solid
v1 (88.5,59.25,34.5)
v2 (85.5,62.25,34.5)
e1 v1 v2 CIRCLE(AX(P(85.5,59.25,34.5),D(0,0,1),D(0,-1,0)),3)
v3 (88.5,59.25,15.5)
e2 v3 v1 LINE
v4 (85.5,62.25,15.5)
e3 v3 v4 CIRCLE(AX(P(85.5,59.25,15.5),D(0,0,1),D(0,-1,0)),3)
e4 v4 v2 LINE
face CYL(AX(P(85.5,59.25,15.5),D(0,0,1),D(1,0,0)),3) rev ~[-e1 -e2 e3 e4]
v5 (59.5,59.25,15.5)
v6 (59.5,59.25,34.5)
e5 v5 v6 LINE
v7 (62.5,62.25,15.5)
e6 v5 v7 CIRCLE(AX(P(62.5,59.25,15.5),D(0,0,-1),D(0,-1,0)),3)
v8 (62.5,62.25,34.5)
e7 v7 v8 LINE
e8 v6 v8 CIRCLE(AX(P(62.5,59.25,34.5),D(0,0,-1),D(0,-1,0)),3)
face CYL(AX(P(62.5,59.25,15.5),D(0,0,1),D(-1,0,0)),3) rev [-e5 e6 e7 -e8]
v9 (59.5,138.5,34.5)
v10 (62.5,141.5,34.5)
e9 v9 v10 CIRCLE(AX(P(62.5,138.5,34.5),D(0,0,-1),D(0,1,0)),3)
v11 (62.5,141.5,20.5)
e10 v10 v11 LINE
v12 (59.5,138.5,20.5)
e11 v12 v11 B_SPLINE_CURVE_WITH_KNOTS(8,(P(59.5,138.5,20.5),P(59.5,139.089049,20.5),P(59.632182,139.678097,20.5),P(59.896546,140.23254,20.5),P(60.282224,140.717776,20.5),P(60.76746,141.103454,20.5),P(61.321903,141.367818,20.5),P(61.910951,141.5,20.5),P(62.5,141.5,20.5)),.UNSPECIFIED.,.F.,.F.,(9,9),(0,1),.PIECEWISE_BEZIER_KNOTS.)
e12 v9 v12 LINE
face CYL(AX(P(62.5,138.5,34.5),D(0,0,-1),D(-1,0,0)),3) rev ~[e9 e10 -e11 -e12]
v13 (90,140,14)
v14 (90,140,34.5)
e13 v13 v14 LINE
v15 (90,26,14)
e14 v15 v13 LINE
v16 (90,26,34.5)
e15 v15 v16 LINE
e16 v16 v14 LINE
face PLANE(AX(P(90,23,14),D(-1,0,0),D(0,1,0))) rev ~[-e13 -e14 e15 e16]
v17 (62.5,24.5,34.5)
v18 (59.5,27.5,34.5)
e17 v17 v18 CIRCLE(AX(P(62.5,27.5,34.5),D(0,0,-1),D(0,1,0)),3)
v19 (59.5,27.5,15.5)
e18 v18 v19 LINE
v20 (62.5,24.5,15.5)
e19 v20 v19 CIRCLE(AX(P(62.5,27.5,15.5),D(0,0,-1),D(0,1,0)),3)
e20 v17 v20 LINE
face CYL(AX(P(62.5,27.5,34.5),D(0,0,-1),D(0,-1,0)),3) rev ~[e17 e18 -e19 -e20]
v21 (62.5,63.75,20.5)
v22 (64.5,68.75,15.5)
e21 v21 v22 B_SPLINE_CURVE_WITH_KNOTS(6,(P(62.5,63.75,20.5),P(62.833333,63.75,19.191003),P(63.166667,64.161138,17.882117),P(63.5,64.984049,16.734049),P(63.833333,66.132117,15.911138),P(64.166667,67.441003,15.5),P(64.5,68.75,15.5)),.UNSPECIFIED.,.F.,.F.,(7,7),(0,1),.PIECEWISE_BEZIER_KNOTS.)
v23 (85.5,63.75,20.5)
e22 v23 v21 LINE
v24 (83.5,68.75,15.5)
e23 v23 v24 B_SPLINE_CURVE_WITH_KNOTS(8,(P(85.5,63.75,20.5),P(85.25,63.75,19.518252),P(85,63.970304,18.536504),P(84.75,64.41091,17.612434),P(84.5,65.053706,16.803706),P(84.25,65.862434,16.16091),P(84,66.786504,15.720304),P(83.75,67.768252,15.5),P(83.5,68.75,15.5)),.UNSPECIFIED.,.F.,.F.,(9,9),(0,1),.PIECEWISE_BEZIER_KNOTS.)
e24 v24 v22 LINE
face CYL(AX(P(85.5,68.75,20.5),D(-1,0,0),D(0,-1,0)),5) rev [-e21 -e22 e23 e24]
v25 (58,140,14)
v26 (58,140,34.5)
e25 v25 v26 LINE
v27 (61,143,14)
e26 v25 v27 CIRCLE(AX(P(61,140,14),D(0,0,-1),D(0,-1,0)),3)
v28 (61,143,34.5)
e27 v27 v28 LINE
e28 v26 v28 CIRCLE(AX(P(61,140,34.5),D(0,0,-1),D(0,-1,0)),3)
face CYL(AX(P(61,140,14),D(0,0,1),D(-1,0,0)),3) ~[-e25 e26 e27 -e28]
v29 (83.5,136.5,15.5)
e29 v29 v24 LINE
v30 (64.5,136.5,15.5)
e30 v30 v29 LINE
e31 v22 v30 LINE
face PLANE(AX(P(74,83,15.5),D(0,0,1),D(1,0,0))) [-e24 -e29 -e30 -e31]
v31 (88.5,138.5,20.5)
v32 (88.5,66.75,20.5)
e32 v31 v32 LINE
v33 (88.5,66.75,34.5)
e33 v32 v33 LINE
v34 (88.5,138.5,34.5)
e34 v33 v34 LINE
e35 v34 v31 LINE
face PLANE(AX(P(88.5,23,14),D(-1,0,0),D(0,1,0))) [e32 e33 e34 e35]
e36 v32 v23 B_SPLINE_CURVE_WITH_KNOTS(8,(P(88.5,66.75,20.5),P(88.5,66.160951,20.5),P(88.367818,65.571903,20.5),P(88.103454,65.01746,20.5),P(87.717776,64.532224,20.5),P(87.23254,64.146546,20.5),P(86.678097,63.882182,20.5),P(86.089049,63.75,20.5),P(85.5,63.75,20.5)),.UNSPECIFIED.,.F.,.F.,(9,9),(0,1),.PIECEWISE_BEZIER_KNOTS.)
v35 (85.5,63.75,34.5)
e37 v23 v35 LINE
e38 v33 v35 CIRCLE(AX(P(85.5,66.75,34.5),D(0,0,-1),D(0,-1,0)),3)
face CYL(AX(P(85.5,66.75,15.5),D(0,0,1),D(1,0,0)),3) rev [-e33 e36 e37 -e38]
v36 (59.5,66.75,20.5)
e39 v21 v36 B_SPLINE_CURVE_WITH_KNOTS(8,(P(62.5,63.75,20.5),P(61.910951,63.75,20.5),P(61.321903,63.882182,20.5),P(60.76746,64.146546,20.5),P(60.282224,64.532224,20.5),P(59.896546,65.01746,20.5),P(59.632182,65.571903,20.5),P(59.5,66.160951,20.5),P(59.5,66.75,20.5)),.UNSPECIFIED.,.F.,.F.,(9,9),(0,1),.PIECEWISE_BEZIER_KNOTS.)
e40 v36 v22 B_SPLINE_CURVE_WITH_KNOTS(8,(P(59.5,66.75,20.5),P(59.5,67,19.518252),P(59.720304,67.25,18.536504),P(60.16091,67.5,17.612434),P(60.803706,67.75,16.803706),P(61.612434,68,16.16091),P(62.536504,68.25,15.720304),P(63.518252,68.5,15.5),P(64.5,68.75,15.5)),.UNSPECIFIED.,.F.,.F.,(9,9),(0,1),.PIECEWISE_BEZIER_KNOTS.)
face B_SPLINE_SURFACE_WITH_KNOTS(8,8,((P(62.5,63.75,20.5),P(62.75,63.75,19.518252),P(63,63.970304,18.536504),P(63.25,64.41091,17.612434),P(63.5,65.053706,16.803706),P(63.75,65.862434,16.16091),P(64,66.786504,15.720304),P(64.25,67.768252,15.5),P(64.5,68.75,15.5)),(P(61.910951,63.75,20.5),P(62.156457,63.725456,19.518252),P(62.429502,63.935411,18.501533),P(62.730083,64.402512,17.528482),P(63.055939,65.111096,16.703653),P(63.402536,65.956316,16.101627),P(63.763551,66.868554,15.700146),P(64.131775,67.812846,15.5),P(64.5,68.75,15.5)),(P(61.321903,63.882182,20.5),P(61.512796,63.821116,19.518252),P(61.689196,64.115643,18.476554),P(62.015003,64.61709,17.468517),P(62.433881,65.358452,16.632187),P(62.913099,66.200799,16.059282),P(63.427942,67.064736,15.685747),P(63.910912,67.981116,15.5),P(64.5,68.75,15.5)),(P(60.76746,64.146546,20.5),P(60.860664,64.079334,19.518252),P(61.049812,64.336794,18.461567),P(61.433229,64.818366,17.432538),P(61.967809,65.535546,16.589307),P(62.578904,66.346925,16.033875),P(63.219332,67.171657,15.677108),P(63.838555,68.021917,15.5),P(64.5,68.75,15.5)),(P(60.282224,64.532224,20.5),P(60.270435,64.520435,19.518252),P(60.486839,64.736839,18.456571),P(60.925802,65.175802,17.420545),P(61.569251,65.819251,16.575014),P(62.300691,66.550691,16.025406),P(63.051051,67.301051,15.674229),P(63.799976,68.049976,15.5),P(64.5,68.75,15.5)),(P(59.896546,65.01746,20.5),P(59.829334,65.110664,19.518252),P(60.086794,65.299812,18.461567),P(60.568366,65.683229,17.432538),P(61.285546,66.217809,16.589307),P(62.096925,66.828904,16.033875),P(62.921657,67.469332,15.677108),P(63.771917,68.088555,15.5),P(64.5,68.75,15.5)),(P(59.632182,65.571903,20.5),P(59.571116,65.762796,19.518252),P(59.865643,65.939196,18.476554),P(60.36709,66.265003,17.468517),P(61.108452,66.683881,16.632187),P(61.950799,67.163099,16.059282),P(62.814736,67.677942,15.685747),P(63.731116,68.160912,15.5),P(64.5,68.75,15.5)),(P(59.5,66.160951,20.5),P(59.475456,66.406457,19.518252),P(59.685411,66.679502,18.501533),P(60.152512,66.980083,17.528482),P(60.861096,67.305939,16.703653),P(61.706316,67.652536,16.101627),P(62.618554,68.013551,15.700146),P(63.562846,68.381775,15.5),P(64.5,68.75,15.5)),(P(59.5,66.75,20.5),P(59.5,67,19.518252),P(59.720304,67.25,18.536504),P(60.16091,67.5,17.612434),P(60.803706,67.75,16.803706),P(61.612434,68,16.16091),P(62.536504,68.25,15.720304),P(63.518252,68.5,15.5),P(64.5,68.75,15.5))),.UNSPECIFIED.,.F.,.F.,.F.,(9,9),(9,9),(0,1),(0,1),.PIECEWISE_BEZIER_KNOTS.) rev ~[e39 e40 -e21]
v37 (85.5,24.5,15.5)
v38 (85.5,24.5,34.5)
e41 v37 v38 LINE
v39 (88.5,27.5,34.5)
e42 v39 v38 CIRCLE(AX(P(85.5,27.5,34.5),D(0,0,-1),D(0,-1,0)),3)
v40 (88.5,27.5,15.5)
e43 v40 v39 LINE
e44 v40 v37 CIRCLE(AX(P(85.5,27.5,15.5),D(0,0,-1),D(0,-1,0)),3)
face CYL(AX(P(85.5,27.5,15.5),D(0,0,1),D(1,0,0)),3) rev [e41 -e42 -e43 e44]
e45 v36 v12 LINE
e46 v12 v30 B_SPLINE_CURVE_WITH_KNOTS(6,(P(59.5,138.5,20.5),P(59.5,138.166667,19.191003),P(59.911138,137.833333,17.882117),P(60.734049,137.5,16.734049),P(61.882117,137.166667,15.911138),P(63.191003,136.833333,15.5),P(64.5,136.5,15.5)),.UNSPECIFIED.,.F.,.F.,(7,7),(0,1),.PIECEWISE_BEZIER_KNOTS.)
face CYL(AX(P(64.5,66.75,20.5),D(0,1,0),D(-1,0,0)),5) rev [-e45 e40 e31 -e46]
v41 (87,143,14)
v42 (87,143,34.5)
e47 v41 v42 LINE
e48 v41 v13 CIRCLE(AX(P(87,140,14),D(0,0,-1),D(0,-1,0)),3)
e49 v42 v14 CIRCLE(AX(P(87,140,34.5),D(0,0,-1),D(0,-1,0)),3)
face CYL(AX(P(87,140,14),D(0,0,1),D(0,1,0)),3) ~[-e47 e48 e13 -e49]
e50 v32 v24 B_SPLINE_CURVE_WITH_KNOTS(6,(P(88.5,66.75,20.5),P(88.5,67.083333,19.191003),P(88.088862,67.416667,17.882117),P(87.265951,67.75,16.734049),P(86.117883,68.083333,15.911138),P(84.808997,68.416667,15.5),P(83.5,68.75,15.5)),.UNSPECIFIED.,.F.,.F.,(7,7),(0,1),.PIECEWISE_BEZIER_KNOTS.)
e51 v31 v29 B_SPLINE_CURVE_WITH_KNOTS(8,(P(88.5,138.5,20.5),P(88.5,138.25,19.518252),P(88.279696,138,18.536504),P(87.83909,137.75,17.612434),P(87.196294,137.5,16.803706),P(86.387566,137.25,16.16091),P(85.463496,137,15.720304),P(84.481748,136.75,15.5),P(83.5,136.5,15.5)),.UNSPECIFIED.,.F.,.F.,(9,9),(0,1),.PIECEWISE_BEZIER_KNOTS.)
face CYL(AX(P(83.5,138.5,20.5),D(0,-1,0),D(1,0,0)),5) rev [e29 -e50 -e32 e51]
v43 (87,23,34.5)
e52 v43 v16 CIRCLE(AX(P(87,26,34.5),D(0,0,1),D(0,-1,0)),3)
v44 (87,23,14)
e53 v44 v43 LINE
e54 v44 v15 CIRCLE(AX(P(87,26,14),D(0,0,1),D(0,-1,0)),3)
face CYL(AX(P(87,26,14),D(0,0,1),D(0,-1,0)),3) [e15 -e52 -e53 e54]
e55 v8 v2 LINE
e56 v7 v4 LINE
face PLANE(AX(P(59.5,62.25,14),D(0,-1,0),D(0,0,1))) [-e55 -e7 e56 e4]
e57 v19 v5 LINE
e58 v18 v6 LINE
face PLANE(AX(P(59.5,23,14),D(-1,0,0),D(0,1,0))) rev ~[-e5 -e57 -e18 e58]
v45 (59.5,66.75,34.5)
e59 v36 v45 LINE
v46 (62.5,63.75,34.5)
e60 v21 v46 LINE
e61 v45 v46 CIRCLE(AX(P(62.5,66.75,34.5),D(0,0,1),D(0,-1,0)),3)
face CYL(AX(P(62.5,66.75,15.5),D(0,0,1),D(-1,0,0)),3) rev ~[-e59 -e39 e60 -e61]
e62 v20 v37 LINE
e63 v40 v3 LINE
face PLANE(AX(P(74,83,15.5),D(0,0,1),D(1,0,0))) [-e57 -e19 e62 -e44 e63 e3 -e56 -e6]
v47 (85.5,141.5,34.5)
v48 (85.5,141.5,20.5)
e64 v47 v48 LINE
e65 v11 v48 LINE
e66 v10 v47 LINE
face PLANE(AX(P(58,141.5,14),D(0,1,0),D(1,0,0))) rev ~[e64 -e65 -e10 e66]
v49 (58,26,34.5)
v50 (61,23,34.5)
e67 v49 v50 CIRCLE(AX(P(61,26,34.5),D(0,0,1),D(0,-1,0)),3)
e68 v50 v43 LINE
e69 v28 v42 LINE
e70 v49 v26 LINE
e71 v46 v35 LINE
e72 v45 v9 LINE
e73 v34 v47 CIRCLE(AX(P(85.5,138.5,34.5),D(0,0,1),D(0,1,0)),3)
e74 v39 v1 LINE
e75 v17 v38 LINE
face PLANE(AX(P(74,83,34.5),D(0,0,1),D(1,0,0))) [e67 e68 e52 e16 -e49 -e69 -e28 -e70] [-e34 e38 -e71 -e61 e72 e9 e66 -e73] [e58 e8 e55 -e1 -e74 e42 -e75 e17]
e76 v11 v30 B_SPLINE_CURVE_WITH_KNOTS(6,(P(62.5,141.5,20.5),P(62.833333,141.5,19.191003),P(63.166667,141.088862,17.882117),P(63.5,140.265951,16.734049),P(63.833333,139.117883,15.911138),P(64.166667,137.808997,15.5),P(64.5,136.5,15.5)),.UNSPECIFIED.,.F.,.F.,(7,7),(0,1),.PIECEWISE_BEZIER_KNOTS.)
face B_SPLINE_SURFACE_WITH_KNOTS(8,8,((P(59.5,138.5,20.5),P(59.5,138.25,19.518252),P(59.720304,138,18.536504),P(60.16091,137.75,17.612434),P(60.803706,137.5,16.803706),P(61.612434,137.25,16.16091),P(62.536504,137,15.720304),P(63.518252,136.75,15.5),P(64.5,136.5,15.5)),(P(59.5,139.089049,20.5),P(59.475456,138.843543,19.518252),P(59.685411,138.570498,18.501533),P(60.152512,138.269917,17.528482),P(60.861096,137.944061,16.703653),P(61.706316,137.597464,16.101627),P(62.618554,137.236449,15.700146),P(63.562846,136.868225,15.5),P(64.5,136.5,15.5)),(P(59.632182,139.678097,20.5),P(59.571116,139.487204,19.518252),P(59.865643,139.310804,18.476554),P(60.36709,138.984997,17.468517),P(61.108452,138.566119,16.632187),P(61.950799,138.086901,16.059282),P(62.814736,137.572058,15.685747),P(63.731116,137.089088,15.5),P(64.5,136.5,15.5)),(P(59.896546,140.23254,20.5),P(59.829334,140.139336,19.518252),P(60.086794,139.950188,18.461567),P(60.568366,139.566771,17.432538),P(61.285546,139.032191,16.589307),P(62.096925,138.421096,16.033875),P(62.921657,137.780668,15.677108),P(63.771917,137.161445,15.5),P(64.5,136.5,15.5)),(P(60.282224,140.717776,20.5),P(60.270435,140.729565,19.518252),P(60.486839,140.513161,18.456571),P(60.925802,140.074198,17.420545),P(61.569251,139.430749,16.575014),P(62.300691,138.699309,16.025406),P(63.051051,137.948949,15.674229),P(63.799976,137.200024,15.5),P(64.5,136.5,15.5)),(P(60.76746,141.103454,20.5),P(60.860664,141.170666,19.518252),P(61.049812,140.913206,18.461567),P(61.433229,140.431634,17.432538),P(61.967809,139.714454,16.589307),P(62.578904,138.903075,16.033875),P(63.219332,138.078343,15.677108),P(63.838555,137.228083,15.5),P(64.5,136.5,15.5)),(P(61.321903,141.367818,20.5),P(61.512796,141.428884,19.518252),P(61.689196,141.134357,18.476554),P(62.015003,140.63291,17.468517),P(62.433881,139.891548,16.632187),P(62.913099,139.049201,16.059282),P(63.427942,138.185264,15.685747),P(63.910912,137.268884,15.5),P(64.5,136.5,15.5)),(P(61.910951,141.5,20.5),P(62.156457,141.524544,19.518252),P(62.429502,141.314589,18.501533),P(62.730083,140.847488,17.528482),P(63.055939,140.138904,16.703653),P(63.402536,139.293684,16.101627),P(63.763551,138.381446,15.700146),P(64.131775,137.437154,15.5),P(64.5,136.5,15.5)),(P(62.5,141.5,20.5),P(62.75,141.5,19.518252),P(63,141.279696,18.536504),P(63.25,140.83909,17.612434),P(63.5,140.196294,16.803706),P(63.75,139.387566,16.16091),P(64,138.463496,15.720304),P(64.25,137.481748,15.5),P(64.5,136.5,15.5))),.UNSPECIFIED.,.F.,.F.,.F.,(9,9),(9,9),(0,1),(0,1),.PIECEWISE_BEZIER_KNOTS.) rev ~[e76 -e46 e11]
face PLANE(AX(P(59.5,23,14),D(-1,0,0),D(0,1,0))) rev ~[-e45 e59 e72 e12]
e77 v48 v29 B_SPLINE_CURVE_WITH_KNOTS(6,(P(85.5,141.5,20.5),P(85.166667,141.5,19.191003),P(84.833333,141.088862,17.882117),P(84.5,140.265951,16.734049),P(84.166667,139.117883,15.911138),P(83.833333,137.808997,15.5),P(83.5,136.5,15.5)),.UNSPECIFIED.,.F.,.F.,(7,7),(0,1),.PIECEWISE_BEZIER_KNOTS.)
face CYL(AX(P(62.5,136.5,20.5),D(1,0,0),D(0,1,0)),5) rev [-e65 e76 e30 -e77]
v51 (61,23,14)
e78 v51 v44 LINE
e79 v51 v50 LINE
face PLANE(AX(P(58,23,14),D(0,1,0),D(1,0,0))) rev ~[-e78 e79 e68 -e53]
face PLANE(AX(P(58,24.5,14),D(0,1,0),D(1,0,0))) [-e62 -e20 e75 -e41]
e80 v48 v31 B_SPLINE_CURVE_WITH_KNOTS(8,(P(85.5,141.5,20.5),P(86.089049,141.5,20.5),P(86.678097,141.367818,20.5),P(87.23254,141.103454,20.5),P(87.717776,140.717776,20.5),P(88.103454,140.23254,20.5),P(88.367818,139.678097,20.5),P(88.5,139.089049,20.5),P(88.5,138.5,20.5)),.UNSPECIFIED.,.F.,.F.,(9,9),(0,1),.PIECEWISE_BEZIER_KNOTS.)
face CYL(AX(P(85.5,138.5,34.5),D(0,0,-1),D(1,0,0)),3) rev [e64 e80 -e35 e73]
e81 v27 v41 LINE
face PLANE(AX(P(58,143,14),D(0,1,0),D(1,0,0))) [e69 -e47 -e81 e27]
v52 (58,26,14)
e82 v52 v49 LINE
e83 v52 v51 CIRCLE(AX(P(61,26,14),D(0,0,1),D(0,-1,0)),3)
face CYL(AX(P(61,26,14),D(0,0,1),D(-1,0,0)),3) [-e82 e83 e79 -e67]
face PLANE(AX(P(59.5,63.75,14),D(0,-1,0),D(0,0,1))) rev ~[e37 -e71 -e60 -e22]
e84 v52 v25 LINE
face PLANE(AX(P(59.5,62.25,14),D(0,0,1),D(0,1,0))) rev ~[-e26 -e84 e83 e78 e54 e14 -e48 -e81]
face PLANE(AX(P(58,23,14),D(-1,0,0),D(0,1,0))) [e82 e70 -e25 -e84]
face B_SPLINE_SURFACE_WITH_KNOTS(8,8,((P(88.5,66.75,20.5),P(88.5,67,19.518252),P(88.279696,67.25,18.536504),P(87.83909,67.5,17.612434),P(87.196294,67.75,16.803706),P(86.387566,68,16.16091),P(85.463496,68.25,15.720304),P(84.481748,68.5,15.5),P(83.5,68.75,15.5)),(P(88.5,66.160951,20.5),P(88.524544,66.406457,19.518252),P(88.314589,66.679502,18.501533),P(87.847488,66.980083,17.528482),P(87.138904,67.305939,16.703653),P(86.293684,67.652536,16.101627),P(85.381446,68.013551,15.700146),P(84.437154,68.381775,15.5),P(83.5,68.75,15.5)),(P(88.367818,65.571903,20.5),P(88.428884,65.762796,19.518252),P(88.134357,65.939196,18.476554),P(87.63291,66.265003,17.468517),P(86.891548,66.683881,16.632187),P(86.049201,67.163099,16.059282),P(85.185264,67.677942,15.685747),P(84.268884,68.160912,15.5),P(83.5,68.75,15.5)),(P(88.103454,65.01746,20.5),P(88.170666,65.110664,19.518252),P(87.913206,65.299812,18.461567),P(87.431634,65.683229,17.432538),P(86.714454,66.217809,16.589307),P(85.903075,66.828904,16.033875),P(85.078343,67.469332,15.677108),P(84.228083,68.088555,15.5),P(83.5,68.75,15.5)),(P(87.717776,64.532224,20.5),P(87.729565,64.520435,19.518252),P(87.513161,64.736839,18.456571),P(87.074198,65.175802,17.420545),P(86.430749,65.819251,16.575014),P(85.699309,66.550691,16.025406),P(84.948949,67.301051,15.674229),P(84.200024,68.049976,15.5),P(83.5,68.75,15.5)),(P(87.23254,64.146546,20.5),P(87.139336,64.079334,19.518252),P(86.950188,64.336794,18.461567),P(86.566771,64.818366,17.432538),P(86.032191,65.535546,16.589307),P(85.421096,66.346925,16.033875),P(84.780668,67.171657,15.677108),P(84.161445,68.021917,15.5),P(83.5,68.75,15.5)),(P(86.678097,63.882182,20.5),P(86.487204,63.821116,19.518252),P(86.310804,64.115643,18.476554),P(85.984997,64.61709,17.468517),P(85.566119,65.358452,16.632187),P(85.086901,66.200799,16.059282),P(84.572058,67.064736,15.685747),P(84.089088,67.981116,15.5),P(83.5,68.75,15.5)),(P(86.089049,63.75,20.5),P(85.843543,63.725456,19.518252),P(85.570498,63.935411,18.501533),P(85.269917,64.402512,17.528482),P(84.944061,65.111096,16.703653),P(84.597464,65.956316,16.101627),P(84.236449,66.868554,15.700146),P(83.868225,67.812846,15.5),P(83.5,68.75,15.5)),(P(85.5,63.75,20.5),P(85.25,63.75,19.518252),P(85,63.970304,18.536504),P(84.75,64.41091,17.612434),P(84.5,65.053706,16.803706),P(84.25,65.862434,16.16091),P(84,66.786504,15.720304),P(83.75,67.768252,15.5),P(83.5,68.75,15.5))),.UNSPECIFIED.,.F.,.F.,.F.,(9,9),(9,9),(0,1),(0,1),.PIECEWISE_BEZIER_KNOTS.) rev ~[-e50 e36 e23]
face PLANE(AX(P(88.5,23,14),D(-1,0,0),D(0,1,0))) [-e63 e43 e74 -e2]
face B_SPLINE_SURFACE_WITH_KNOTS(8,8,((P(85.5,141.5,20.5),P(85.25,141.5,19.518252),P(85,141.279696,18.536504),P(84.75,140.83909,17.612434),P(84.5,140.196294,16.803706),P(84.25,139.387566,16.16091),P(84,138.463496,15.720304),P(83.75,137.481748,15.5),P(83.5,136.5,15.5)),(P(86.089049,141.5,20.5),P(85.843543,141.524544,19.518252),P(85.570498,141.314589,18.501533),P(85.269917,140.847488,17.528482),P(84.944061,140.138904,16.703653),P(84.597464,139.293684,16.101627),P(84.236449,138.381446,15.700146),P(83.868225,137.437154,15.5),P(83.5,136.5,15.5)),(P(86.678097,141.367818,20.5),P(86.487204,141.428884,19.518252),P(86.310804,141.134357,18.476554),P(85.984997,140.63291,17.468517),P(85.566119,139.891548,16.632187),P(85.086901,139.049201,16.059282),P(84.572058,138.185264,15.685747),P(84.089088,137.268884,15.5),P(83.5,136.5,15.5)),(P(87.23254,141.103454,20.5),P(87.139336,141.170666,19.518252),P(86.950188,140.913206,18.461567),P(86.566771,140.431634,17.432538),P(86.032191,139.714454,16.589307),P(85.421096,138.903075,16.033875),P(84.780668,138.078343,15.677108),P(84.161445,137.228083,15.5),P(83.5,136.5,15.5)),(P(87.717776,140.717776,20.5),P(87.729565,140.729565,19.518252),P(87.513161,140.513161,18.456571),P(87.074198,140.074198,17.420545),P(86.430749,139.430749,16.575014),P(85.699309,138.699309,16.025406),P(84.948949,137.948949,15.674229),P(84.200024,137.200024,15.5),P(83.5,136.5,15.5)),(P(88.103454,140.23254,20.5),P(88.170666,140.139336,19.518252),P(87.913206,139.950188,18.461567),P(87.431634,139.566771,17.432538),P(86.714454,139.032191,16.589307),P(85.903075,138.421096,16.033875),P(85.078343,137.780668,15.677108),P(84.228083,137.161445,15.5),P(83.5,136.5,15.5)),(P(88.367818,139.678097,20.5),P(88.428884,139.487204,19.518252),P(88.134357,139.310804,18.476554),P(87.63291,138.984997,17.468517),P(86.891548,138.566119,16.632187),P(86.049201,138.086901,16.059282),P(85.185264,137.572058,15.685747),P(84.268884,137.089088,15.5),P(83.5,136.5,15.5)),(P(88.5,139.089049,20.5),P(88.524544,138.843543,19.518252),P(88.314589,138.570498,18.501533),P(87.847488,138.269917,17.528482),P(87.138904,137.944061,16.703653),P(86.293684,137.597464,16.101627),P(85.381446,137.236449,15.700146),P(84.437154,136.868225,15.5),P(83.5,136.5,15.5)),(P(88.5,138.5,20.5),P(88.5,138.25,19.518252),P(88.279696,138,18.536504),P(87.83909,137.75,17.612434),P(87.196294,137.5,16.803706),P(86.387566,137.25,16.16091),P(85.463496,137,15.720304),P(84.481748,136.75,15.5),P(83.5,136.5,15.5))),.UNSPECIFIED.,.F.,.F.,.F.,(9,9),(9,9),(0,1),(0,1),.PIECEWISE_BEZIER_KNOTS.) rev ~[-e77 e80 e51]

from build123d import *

# Parameters (mm, degrees)
SKETCH012_W    = 32
SKETCH012_H    = 120
PAD005_DEPTH   = 20.5
THICKNESS001_T = -1.5
SKETCH013_W    = 1.5
SKETCH013_H    = 20.5
PAD006_DEPTH   = 29
FILLET007_R    = 3
FILLET008_R    = 5


with BuildPart() as part:
    # Sketch012 → Pad005 (new body)
    with BuildSketch(Plane.XY):
        Rectangle(SKETCH012_W, SKETCH012_H)
    extrude(amount=PAD005_DEPTH)

    # Thickness001
    thickness001_openings = [part.faces().sort_by_distance(p)[0] for p in [
        (0, 0, 20.5),
    ]]
    offset(amount=THICKNESS001_T, openings=thickness001_openings)

    # Sketch013 (on DatumPlane) → Pad006 (join)
    with BuildSketch(Plane(origin=(-14.5, -20, 0), x_dir=(0, 1, 0), z_dir=(1, 0, 0))):
        with Locations((0, 10.25)):
            Rectangle(SKETCH013_W, SKETCH013_H)
    extrude(amount=PAD006_DEPTH)

    # Fillet007
    fillet007_edges = [part.edges().sort_by_distance(p)[0] for p in [
        (-14.5, 58.5, 11),
        (14.5, 58.5, 11),
        (16, 60, 10.25),
        (-16, 60, 10.25),
        (-14.5, -58.5, 11),
        (-16, -60, 10.25),
        (-14.5, -20.75, 11),
        (-14.5, -19.25, 11),
        (14.5, -19.25, 11),
        (14.5, -20.75, 11),
        (14.5, -58.5, 11),
        (16, -60, 10.25),
    ]]
    fillet(fillet007_edges, radius=FILLET007_R)

    # Fillet008
    fillet008_edges = [part.edges().sort_by_distance(p)[0] for p in [
        (0, 58.5, 1.5),
        (-13.62132, 57.62132, 1.5),
        (13.62132, 57.62132, 1.5),
        (-14.5, 19.625, 1.5),
        (14.5, 19.625, 1.5),
        (-13.62132, -18.37132, 1.5),
        (13.62132, -18.37132, 1.5),
        (0, -19.25, 1.5),
    ]]
    fillet(fillet008_edges, radius=FILLET008_R)


with BuildPart() as part_1:
    # Body004 placement: moved
    add(part.part.moved(Location((-22, 83, 14))))


with BuildPart() as part_2:
    # Body007 placement: moved
    add(part_1.part.moved(Location((96, 0, 0))))


solid = part_2.part
